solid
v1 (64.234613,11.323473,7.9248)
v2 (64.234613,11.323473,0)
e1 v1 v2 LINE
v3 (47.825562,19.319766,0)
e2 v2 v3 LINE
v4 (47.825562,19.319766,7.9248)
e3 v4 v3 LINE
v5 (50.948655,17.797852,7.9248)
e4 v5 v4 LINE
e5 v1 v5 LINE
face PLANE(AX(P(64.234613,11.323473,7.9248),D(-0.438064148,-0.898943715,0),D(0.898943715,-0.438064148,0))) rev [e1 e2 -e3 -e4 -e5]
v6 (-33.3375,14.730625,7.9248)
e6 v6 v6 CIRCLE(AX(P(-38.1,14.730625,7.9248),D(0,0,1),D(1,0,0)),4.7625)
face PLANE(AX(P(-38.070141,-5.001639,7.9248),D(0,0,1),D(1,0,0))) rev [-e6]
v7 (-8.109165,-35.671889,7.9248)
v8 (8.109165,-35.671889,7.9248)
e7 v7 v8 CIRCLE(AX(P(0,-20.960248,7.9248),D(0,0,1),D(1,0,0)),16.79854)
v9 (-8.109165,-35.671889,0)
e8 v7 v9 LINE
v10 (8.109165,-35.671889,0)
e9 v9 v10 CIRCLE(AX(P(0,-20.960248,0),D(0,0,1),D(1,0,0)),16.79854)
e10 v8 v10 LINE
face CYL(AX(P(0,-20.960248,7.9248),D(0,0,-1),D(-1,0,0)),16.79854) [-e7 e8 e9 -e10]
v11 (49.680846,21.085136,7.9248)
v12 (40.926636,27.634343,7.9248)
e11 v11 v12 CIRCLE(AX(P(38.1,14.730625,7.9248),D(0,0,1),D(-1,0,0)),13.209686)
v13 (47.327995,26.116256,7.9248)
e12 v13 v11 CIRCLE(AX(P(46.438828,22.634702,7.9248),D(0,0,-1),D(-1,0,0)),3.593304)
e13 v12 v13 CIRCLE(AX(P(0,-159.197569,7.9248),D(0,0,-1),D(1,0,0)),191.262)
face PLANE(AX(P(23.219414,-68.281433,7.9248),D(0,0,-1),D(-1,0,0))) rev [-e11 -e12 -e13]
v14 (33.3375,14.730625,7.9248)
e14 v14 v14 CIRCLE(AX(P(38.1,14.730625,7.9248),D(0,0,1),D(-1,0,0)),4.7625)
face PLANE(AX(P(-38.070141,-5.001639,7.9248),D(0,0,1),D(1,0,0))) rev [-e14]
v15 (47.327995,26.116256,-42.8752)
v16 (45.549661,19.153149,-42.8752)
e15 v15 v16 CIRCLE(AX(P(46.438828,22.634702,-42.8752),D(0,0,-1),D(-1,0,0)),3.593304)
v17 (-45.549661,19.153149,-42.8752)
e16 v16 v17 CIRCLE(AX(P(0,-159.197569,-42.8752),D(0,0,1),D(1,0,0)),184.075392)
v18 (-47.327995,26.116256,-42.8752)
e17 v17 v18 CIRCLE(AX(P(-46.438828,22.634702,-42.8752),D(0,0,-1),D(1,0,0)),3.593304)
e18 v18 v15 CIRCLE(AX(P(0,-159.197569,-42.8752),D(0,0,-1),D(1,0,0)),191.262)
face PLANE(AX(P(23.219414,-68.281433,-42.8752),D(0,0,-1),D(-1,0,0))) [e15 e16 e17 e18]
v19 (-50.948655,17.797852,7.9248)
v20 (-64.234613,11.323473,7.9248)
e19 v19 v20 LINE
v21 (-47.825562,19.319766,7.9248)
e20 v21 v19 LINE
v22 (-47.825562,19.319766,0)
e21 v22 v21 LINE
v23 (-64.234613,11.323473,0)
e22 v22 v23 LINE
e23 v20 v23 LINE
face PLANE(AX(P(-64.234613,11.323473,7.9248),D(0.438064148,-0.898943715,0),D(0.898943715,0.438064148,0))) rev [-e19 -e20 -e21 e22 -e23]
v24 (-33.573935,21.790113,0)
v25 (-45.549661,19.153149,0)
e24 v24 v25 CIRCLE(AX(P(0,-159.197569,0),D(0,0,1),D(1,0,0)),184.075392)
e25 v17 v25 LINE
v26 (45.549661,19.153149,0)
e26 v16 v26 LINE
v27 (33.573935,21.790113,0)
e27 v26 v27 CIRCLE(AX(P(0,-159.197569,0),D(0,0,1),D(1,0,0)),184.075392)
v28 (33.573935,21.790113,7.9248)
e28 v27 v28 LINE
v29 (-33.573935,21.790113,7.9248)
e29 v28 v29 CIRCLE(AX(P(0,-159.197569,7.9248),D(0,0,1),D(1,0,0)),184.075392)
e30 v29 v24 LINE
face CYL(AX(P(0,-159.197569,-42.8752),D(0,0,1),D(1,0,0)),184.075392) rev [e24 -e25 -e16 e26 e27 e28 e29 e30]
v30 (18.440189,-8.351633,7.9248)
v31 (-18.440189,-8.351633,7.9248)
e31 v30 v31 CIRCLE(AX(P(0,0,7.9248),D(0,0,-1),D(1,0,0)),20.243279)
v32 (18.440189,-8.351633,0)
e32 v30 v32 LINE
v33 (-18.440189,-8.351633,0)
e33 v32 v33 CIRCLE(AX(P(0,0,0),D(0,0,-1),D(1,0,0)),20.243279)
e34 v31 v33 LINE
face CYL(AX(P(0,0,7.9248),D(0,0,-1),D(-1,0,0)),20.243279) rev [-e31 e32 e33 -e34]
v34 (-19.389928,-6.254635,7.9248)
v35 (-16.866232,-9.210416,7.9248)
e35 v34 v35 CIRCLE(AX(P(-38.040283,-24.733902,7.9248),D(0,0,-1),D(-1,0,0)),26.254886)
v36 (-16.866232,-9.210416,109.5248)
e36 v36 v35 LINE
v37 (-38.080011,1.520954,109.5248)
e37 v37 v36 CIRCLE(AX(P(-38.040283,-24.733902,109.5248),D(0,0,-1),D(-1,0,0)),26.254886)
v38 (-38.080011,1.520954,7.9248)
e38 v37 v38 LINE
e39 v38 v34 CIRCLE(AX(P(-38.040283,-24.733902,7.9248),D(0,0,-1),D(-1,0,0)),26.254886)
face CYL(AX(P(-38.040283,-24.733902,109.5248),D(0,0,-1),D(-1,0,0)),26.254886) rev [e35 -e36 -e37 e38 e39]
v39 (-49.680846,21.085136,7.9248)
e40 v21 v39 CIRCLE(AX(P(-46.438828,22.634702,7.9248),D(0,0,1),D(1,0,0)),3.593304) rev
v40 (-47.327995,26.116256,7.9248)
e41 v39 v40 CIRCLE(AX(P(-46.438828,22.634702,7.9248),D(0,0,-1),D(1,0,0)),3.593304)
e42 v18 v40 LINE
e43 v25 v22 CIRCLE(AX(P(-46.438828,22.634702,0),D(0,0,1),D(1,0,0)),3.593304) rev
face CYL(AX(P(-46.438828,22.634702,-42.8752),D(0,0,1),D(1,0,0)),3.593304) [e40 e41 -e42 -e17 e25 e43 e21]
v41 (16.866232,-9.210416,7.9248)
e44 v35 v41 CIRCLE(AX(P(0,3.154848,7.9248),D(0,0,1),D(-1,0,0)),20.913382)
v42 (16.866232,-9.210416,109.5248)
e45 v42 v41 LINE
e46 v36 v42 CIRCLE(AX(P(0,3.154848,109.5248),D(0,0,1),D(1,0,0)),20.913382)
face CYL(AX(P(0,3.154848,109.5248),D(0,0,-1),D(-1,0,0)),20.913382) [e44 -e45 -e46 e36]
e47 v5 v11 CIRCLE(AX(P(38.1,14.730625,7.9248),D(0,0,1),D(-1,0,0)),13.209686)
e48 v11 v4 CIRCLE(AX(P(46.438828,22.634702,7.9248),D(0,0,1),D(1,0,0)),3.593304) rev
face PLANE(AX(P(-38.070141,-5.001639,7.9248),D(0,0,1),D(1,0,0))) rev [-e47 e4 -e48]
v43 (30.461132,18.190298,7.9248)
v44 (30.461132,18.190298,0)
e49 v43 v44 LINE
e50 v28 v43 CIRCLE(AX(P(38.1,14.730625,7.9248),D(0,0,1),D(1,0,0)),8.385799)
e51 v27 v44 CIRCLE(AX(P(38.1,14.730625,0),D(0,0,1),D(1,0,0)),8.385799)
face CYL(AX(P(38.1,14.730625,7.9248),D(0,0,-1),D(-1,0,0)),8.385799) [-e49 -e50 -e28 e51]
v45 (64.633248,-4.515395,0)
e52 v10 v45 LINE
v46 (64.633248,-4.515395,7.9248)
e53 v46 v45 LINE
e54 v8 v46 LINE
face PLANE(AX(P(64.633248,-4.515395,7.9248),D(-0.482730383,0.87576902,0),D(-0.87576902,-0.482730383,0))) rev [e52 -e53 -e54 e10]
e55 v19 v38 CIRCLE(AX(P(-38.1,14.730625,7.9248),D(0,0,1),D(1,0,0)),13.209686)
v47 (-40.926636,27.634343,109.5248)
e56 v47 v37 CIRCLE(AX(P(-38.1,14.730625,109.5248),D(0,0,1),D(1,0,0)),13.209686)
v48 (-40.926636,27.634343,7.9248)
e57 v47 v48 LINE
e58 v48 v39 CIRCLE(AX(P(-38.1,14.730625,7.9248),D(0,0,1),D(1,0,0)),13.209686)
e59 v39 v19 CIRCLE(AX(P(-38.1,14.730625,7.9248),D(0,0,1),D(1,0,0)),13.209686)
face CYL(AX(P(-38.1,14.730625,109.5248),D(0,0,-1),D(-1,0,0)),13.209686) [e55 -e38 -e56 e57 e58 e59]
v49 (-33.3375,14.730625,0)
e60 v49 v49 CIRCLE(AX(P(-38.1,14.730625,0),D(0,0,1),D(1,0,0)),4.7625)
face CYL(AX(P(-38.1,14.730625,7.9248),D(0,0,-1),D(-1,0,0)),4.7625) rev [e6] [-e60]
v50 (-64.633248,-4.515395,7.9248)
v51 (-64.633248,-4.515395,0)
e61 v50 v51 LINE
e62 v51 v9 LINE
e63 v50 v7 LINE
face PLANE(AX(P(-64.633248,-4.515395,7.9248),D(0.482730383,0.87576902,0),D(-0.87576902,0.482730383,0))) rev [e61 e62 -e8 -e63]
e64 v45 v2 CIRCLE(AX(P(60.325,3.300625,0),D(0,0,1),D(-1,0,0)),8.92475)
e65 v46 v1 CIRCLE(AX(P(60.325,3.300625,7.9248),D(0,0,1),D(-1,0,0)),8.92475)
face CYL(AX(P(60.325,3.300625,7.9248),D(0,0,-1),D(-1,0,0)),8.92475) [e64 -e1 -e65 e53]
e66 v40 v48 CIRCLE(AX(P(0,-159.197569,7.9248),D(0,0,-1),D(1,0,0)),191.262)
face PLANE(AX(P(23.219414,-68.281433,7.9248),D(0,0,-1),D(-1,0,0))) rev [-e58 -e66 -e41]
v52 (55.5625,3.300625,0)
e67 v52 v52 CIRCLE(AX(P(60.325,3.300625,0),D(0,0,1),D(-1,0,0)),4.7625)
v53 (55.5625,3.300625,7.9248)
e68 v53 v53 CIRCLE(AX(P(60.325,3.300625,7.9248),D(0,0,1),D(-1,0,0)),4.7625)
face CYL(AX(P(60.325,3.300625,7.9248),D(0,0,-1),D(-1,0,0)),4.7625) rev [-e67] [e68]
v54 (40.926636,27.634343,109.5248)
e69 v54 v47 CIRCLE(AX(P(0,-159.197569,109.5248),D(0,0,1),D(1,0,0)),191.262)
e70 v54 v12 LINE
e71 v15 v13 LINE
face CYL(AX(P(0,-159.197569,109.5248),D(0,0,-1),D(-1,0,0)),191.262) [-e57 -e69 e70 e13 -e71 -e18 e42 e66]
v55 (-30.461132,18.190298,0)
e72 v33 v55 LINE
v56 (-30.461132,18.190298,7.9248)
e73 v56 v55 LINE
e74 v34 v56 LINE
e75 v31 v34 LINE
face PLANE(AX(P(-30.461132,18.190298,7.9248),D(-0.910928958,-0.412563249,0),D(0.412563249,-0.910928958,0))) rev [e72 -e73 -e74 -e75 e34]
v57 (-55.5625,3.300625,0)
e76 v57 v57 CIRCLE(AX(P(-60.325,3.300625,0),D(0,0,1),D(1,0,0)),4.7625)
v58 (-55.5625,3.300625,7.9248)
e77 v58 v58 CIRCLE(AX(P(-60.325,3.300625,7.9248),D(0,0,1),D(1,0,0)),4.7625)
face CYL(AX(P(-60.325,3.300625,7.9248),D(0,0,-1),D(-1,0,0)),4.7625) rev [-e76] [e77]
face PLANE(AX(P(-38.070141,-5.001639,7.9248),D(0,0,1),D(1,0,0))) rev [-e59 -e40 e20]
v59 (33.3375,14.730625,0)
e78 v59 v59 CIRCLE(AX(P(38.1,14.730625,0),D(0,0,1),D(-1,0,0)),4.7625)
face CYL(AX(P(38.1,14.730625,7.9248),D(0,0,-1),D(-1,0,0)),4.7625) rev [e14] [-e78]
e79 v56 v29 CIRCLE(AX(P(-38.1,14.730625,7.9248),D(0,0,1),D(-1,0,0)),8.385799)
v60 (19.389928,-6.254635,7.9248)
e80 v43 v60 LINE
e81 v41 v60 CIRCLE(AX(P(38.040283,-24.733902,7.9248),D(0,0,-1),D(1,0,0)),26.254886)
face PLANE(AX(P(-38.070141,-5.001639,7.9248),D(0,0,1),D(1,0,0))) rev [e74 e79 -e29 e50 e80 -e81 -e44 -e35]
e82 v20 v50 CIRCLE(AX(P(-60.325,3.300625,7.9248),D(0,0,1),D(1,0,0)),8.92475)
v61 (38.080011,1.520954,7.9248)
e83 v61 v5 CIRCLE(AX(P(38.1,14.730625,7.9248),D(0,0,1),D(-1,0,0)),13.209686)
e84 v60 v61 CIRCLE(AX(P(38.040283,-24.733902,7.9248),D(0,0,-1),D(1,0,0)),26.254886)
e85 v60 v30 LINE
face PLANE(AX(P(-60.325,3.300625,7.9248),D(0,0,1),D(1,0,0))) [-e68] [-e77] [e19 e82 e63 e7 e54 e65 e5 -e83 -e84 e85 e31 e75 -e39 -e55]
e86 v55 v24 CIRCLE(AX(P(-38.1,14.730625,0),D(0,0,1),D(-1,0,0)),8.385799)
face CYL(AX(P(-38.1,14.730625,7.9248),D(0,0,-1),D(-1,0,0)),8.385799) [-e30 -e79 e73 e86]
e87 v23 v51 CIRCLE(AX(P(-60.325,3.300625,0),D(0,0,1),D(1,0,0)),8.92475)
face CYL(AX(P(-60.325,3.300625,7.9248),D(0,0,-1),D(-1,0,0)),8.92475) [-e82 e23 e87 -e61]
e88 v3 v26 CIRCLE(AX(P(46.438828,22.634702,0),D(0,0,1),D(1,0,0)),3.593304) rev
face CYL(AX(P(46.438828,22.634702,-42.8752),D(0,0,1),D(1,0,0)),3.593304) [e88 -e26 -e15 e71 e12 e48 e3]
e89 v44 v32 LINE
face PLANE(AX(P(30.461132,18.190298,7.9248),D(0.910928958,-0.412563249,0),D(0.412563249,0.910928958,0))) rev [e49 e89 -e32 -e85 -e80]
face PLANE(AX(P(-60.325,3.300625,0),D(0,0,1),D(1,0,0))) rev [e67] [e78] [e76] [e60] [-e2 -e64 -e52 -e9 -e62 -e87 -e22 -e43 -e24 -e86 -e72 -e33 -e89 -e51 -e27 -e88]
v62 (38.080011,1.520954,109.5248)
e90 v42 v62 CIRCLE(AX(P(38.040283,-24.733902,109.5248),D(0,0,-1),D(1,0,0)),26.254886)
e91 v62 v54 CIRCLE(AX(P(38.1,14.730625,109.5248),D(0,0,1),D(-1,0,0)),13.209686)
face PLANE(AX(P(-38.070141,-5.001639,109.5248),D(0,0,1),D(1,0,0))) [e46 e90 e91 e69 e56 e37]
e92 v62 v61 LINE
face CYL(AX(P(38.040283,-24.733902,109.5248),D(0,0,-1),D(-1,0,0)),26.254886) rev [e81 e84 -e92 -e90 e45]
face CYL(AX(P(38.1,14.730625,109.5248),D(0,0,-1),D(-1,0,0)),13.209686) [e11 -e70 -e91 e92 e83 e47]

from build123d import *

# Parameters (mm, degrees)
BOSS_EXTRUDE1_DEPTH = 7.9248
SKETCH1_R           = 15.113
SKETCH1_R_2         = 4.7625
CUT_EXTRUDE1_DEPTH  = 80.272040778
BOSS_EXTRUDE2_DEPTH = 101.6
BOSS_EXTRUDE3_START = 50.8
BOSS_EXTRUDE3_DEPTH = 50.8


with BuildPart() as part:
    # Sketch3 → Boss-Extrude1 (new body)
    with BuildSketch(Plane.XY):
        with BuildLine():
            Line((-64.234613185, 11.323473258), (-41.773518083, 22.268986661))
            ThreePointArc((-41.773518083, 22.268986661), (-35.255720627, 22.619332528), (-30.461132459, 18.190297621))
            Line((-30.461132459, 18.190297621), (-18.440189358, -8.351633097))
            ThreePointArc((-18.440189358, -8.351633097), (0, -20.243279352), (18.440189358, -8.351633097))
            Line((18.440189358, -8.351633097), (30.461132459, 18.190297621))
            ThreePointArc((30.461132459, 18.190297621), (35.255720627, 22.619332528), (41.773518083, 22.268986661))
            Line((41.773518083, 22.268986661), (64.234613185, 11.323473258))
            ThreePointArc((64.234613185, 11.323473258), (69.246925134, 3.525173307), (64.633248189, -4.515394972))
            Line((64.633248189, -4.515394972), (8.109165467, -35.67188883))
            ThreePointArc((8.109165467, -35.67188883), (0, -37.758787862), (-8.109165467, -35.67188883))
            Line((-8.109165467, -35.67188883), (-64.633248189, -4.515394972))
            ThreePointArc((-64.633248189, -4.515394972), (-69.246925134, 3.525173307), (-64.234613185, 11.323473258))
        make_face()
    extrude(amount=BOSS_EXTRUDE1_DEPTH)

    # Sketch1 → Cut-Extrude1 (cut, through all)
    with BuildSketch(Plane.XY):
        Circle(SKETCH1_R)
        with Locations((-60.325, 3.300624961)):
            Circle(SKETCH1_R_2)
        with Locations((-38.1, 14.730624961)):
            Circle(SKETCH1_R_2)
        with Locations(Location((38.1, 14.730624961, 0), (0, 0, 180))):
            Circle(SKETCH1_R_2)
        with Locations(Location((60.325, 3.300624961, 0), (0, 0, 180))):
            Circle(SKETCH1_R_2)
    extrude(amount=CUT_EXTRUDE1_DEPTH, mode=Mode.SUBTRACT)

    # Sketch4 → Boss-Extrude2 (add)
    with BuildSketch(Plane.XY.offset(7.9248)):
        with BuildLine():
            ThreePointArc((-40.926635767, 27.63434288), (-20.582852086, 30.953683993), (0, 32.064431449))
            ThreePointArc((0, 32.064431449), (20.582852086, 30.953683993), (40.926635767, 27.63434288))
            ThreePointArc((40.926635767, 27.63434288), (51.23189196, 13.299115463), (38.080011359, 1.520954021))
            ThreePointArc((38.080011359, 1.520954021), (26.188891906, -1.306064402), (16.866232202, -9.210415804))
            ThreePointArc((16.866232202, -9.210415804), (9.454365502, -15.499494869), (0, -17.758533696))
            ThreePointArc((0, -17.758533696), (-9.454365502, -15.499494869), (-16.866232202, -9.210415804))
            ThreePointArc((-16.866232202, -9.210415804), (-26.188891906, -1.306064402), (-38.080011359, 1.520954021))
            ThreePointArc((-38.080011359, 1.520954021), (-51.23189196, 13.299115463), (-40.926635767, 27.63434288))
        make_face()
    extrude(amount=BOSS_EXTRUDE2_DEPTH)

    # Sketch5 → Boss-Extrude3 (add)
    with BuildSketch(Plane(origin=(0, 0, 7.9248), x_dir=(-1, 0, 0), z_dir=(0, 0, -1)).offset(BOSS_EXTRUDE3_START)):
        with BuildLine():
            ThreePointArc((-47.327995259, 26.116255836), (0, 32.064431449), (47.327995259, 26.116255836))
            ThreePointArc((47.327995259, 26.116255836), (49.920381816, 21.745535091), (45.549661071, 19.153148533))
            ThreePointArc((45.549661071, 19.153148533), (0, 24.877823363), (-45.549661071, 19.153148533))
            ThreePointArc((-45.549661071, 19.153148533), (-49.920381816, 21.745535091), (-47.327995259, 26.116255836))
        make_face()
    extrude(amount=-BOSS_EXTRUDE3_DEPTH)


solid = part.part
